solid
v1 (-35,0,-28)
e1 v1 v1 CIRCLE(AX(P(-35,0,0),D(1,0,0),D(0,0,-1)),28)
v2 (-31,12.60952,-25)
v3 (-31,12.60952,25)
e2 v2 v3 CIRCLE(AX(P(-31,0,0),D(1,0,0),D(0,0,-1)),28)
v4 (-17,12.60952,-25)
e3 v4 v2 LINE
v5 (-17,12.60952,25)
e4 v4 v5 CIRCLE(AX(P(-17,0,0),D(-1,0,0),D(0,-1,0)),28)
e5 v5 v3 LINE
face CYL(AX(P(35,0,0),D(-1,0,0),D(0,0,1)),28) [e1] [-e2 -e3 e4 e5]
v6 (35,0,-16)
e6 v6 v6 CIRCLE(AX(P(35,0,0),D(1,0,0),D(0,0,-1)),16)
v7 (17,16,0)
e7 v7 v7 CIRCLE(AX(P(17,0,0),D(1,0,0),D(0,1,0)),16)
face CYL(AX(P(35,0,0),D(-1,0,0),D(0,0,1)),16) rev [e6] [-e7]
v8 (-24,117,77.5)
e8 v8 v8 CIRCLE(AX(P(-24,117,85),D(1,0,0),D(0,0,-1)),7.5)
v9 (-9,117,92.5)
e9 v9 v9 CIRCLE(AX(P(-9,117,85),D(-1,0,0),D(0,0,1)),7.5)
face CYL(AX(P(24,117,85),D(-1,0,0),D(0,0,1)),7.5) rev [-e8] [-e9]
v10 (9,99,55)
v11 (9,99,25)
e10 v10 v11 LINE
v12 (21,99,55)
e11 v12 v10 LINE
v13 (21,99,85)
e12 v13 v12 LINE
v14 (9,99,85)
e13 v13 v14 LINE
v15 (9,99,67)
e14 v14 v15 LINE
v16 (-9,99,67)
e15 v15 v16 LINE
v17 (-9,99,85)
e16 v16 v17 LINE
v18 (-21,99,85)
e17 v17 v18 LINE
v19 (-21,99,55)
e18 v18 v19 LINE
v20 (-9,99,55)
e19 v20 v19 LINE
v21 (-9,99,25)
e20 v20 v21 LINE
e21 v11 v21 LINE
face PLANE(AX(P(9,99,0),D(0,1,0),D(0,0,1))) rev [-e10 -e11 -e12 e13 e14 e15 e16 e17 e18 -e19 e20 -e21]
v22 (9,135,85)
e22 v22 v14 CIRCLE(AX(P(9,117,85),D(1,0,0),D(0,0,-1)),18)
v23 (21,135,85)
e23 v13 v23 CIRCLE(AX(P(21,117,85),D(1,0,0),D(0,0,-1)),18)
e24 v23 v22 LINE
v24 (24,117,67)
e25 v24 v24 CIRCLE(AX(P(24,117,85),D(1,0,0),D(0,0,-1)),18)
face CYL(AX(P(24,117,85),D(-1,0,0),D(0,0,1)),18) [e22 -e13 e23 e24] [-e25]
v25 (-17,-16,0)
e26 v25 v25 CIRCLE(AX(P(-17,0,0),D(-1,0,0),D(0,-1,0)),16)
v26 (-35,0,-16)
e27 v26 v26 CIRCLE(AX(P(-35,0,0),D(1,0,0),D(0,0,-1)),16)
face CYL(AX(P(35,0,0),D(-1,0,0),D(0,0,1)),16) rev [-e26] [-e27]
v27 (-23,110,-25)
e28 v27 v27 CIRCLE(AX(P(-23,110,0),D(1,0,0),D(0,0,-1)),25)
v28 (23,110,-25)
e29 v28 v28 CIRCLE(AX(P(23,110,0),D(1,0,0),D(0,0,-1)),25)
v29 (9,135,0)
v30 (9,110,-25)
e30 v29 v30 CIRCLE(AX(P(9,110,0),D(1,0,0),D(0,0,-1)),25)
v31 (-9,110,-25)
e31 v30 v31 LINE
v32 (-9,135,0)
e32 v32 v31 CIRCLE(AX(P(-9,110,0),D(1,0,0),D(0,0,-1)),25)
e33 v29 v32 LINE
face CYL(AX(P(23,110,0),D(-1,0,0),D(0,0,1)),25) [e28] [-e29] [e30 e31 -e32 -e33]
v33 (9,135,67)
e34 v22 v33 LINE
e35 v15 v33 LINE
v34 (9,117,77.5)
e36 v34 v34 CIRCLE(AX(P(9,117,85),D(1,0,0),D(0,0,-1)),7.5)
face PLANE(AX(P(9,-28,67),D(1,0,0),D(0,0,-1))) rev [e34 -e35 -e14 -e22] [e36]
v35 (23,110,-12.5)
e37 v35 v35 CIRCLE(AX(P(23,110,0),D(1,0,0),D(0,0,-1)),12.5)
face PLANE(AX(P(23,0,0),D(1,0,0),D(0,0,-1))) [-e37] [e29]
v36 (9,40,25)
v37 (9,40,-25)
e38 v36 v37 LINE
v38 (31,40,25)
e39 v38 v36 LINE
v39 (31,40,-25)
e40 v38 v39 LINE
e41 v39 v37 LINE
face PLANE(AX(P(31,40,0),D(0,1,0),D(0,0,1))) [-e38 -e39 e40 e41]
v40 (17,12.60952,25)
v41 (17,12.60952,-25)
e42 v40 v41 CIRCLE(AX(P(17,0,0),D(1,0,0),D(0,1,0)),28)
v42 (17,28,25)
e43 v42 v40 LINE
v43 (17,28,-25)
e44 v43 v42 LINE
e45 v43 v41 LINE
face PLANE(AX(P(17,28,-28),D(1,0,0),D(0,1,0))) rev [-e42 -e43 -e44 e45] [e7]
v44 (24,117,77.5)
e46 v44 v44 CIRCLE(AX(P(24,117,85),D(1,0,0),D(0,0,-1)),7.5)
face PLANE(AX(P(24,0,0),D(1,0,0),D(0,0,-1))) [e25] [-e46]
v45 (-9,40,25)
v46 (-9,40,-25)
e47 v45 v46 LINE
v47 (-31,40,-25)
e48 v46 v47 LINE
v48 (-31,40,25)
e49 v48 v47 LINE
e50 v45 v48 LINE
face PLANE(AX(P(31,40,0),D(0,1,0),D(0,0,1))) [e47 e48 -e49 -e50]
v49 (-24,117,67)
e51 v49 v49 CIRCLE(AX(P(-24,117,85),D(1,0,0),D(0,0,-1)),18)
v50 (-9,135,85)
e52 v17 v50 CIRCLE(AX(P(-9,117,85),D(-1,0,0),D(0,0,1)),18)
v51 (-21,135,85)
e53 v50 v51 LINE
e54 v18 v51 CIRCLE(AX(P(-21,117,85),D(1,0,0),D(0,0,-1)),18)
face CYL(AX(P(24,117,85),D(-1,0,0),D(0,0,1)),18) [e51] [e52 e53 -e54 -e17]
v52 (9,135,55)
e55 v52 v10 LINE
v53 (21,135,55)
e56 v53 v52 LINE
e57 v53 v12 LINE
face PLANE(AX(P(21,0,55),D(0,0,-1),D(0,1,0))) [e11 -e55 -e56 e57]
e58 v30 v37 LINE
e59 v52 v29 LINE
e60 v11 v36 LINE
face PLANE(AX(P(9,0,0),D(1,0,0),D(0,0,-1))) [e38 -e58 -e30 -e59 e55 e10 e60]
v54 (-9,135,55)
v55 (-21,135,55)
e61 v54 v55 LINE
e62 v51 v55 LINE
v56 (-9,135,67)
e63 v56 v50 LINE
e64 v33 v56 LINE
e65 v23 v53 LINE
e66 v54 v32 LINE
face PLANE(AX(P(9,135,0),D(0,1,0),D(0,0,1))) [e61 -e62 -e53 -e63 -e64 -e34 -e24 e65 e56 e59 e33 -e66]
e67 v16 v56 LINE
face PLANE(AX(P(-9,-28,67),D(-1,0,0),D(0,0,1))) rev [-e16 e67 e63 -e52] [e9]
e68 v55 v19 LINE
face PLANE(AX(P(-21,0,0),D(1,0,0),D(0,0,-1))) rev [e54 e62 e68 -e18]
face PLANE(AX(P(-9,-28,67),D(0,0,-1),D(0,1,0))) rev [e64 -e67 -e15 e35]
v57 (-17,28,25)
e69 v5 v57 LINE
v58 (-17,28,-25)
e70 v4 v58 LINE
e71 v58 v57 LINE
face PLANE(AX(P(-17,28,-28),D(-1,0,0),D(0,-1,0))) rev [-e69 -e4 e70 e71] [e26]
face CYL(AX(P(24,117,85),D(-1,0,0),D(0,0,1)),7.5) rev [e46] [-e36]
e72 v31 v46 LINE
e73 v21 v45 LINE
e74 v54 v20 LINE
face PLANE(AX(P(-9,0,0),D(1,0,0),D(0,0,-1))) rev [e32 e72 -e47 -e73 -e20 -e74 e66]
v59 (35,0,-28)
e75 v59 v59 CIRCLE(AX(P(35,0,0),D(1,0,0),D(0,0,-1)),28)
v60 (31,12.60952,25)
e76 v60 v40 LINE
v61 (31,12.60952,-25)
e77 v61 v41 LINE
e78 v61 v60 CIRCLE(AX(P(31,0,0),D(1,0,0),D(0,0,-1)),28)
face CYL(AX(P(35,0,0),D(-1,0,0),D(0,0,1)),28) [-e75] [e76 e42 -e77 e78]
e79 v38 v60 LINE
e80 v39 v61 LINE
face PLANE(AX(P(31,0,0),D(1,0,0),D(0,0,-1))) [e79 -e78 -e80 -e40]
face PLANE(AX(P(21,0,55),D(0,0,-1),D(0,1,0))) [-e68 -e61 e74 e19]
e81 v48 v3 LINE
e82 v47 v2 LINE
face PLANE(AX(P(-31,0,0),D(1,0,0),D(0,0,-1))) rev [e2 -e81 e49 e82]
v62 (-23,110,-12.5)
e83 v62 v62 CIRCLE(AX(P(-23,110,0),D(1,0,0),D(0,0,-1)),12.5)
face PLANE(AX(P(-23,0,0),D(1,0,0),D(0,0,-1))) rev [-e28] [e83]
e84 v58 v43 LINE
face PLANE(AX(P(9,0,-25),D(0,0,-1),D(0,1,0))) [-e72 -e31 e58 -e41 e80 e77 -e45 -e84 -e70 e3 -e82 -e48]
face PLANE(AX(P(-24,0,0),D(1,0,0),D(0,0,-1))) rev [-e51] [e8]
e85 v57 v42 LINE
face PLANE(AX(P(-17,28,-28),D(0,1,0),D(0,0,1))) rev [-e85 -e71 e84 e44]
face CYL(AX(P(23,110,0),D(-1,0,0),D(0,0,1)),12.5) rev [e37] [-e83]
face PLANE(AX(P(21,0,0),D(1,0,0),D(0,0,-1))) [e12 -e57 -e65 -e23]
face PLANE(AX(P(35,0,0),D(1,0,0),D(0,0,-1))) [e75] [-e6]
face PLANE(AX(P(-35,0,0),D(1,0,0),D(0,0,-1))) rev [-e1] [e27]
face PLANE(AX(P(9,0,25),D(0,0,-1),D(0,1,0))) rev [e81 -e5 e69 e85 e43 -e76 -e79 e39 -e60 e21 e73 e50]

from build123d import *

# Parameters (mm, degrees)
BOSS_EXTRUDE1_DEPTH     = 9
SKETCH1_3_R             = 25
SKETCH1_3_R_2           = 12.5
BOSS_EXTRUDE2_DEPTH     = 23
SKETCH1_5_R             = 28
SKETCH1_5_R_2           = 16
BOSS_EXTRUDE3_DEPTH     = 35
BOSS_EXTRUDE4_DEPTH     = 31
BOSS_EXTRUDE5_DEPTH     = 21
SKETCH1_8_R             = 18
SKETCH1_8_R_2           = 7.5
BOSS_EXTRUDE6_DEPTH     = 24
SKETCH2_W               = 34
SKETCH2_H               = 56
CUT_EXTRUDE1_DEPTH      = 104
CUT_EXTRUDE1_DEPTH_BACK = 29
SKETCH3_W               = 18
SKETCH3_H               = 36
CUT_EXTRUDE2_DEPTH      = 1
CUT_EXTRUDE2_DEPTH_BACK = 164


with BuildPart() as part:
    # Sketch1 → Boss-Extrude1 (new body, symmetric)
    with BuildSketch(Plane(origin=(0, 0, 0), x_dir=(0, 0, -1), z_dir=(1, 0, 0))):
        with BuildLine():
            ThreePointArc((25, 110), (-17.67766953, 92.32233047), (0, 135))
            Line((0, 135), (-55, 135))
            Line((-55, 135), (-55, 99))
            Line((-55, 99), (-25, 99))
            Line((-25, 99), (-25, 40))
            Line((-25, 40), (25, 40))
            Line((25, 40), (25, 110))
        make_face()
    extrude(amount=BOSS_EXTRUDE1_DEPTH, both=True)

    # Sketch1<3> → Boss-Extrude2 (add, symmetric)
    with BuildSketch(Plane(origin=(0, 0, 0), x_dir=(0, 0, -1), z_dir=(1, 0, 0))):
        with Locations((0, 110)):
            Circle(SKETCH1_3_R)
        with Locations((0, 110)):
            Circle(SKETCH1_3_R_2, mode=Mode.SUBTRACT)
    extrude(amount=BOSS_EXTRUDE2_DEPTH, both=True)



with BuildPart() as body_2:
    # Sketch1<5> → Boss-Extrude3 (new body, symmetric)
    with BuildSketch(Plane(origin=(0, 0, 0), x_dir=(0, 0, -1), z_dir=(1, 0, 0))):
        Circle(SKETCH1_5_R)
        Circle(SKETCH1_5_R_2, mode=Mode.SUBTRACT)
    extrude(amount=BOSS_EXTRUDE3_DEPTH, both=True)


with BuildPart() as part_1:
    add(part.part)

    add(body_2.part)  # Boss-Extrude4 merges body 2
    # Sketch1<6> → Boss-Extrude4 (add, symmetric)
    with BuildSketch(Plane(origin=(0, 0, 0), x_dir=(0, 0, -1), z_dir=(1, 0, 0))):
        with BuildLine():
            Line((25, 40), (-25, 40))
            Line((-25, 40), (-25, 12.609520213))
            ThreePointArc((-25, 12.609520213), (0, 28), (25, 12.609520213))
            Line((25, 12.609520213), (25, 40))
        make_face()
    extrude(amount=BOSS_EXTRUDE4_DEPTH, both=True)

    # Sketch1<7> → Boss-Extrude5 (add, symmetric)
    with BuildSketch(Plane(origin=(0, 0, 0), x_dir=(0, 0, -1), z_dir=(1, 0, 0))):
        with BuildLine():
            Line((-85, 99), (-55, 99))
            Line((-55, 99), (-55, 135))
            Line((-55, 135), (-85, 135))
            ThreePointArc((-85, 135), (-72.272077939, 129.727922061), (-67, 117))
            ThreePointArc((-67, 117), (-72.272077939, 104.272077939), (-85, 99))
        make_face()
    extrude(amount=BOSS_EXTRUDE5_DEPTH, both=True)

    # Sketch1<8> → Boss-Extrude6 (add, symmetric)
    with BuildSketch(Plane(origin=(0, 0, 0), x_dir=(0, 0, -1), z_dir=(1, 0, 0))):
        with Locations((-85, 117)):
            Circle(SKETCH1_8_R)
        with Locations((-85, 117)):
            Circle(SKETCH1_8_R_2, mode=Mode.SUBTRACT)
    extrude(amount=BOSS_EXTRUDE6_DEPTH, both=True)

    # Sketch2 → Cut-Extrude1 (cut, two sides)
    with BuildSketch(Plane.XY) as cut_extrude1_sk:
        Rectangle(SKETCH2_W, SKETCH2_H)
    extrude(amount=CUT_EXTRUDE1_DEPTH, mode=Mode.SUBTRACT)
    extrude(cut_extrude1_sk.sketch, amount=-CUT_EXTRUDE1_DEPTH_BACK, mode=Mode.SUBTRACT)

    # Sketch3 → Cut-Extrude2 (cut, two sides)
    with BuildSketch(Plane(origin=(0, 135, 0), x_dir=(1, 0, 0), z_dir=(0, 1, 0))) as cut_extrude2_sk:
        with Locations((0, -85)):
            Rectangle(SKETCH3_W, SKETCH3_H)
    extrude(amount=CUT_EXTRUDE2_DEPTH, mode=Mode.SUBTRACT)
    extrude(cut_extrude2_sk.sketch, amount=-CUT_EXTRUDE2_DEPTH_BACK, mode=Mode.SUBTRACT)


solid = part_1.part
